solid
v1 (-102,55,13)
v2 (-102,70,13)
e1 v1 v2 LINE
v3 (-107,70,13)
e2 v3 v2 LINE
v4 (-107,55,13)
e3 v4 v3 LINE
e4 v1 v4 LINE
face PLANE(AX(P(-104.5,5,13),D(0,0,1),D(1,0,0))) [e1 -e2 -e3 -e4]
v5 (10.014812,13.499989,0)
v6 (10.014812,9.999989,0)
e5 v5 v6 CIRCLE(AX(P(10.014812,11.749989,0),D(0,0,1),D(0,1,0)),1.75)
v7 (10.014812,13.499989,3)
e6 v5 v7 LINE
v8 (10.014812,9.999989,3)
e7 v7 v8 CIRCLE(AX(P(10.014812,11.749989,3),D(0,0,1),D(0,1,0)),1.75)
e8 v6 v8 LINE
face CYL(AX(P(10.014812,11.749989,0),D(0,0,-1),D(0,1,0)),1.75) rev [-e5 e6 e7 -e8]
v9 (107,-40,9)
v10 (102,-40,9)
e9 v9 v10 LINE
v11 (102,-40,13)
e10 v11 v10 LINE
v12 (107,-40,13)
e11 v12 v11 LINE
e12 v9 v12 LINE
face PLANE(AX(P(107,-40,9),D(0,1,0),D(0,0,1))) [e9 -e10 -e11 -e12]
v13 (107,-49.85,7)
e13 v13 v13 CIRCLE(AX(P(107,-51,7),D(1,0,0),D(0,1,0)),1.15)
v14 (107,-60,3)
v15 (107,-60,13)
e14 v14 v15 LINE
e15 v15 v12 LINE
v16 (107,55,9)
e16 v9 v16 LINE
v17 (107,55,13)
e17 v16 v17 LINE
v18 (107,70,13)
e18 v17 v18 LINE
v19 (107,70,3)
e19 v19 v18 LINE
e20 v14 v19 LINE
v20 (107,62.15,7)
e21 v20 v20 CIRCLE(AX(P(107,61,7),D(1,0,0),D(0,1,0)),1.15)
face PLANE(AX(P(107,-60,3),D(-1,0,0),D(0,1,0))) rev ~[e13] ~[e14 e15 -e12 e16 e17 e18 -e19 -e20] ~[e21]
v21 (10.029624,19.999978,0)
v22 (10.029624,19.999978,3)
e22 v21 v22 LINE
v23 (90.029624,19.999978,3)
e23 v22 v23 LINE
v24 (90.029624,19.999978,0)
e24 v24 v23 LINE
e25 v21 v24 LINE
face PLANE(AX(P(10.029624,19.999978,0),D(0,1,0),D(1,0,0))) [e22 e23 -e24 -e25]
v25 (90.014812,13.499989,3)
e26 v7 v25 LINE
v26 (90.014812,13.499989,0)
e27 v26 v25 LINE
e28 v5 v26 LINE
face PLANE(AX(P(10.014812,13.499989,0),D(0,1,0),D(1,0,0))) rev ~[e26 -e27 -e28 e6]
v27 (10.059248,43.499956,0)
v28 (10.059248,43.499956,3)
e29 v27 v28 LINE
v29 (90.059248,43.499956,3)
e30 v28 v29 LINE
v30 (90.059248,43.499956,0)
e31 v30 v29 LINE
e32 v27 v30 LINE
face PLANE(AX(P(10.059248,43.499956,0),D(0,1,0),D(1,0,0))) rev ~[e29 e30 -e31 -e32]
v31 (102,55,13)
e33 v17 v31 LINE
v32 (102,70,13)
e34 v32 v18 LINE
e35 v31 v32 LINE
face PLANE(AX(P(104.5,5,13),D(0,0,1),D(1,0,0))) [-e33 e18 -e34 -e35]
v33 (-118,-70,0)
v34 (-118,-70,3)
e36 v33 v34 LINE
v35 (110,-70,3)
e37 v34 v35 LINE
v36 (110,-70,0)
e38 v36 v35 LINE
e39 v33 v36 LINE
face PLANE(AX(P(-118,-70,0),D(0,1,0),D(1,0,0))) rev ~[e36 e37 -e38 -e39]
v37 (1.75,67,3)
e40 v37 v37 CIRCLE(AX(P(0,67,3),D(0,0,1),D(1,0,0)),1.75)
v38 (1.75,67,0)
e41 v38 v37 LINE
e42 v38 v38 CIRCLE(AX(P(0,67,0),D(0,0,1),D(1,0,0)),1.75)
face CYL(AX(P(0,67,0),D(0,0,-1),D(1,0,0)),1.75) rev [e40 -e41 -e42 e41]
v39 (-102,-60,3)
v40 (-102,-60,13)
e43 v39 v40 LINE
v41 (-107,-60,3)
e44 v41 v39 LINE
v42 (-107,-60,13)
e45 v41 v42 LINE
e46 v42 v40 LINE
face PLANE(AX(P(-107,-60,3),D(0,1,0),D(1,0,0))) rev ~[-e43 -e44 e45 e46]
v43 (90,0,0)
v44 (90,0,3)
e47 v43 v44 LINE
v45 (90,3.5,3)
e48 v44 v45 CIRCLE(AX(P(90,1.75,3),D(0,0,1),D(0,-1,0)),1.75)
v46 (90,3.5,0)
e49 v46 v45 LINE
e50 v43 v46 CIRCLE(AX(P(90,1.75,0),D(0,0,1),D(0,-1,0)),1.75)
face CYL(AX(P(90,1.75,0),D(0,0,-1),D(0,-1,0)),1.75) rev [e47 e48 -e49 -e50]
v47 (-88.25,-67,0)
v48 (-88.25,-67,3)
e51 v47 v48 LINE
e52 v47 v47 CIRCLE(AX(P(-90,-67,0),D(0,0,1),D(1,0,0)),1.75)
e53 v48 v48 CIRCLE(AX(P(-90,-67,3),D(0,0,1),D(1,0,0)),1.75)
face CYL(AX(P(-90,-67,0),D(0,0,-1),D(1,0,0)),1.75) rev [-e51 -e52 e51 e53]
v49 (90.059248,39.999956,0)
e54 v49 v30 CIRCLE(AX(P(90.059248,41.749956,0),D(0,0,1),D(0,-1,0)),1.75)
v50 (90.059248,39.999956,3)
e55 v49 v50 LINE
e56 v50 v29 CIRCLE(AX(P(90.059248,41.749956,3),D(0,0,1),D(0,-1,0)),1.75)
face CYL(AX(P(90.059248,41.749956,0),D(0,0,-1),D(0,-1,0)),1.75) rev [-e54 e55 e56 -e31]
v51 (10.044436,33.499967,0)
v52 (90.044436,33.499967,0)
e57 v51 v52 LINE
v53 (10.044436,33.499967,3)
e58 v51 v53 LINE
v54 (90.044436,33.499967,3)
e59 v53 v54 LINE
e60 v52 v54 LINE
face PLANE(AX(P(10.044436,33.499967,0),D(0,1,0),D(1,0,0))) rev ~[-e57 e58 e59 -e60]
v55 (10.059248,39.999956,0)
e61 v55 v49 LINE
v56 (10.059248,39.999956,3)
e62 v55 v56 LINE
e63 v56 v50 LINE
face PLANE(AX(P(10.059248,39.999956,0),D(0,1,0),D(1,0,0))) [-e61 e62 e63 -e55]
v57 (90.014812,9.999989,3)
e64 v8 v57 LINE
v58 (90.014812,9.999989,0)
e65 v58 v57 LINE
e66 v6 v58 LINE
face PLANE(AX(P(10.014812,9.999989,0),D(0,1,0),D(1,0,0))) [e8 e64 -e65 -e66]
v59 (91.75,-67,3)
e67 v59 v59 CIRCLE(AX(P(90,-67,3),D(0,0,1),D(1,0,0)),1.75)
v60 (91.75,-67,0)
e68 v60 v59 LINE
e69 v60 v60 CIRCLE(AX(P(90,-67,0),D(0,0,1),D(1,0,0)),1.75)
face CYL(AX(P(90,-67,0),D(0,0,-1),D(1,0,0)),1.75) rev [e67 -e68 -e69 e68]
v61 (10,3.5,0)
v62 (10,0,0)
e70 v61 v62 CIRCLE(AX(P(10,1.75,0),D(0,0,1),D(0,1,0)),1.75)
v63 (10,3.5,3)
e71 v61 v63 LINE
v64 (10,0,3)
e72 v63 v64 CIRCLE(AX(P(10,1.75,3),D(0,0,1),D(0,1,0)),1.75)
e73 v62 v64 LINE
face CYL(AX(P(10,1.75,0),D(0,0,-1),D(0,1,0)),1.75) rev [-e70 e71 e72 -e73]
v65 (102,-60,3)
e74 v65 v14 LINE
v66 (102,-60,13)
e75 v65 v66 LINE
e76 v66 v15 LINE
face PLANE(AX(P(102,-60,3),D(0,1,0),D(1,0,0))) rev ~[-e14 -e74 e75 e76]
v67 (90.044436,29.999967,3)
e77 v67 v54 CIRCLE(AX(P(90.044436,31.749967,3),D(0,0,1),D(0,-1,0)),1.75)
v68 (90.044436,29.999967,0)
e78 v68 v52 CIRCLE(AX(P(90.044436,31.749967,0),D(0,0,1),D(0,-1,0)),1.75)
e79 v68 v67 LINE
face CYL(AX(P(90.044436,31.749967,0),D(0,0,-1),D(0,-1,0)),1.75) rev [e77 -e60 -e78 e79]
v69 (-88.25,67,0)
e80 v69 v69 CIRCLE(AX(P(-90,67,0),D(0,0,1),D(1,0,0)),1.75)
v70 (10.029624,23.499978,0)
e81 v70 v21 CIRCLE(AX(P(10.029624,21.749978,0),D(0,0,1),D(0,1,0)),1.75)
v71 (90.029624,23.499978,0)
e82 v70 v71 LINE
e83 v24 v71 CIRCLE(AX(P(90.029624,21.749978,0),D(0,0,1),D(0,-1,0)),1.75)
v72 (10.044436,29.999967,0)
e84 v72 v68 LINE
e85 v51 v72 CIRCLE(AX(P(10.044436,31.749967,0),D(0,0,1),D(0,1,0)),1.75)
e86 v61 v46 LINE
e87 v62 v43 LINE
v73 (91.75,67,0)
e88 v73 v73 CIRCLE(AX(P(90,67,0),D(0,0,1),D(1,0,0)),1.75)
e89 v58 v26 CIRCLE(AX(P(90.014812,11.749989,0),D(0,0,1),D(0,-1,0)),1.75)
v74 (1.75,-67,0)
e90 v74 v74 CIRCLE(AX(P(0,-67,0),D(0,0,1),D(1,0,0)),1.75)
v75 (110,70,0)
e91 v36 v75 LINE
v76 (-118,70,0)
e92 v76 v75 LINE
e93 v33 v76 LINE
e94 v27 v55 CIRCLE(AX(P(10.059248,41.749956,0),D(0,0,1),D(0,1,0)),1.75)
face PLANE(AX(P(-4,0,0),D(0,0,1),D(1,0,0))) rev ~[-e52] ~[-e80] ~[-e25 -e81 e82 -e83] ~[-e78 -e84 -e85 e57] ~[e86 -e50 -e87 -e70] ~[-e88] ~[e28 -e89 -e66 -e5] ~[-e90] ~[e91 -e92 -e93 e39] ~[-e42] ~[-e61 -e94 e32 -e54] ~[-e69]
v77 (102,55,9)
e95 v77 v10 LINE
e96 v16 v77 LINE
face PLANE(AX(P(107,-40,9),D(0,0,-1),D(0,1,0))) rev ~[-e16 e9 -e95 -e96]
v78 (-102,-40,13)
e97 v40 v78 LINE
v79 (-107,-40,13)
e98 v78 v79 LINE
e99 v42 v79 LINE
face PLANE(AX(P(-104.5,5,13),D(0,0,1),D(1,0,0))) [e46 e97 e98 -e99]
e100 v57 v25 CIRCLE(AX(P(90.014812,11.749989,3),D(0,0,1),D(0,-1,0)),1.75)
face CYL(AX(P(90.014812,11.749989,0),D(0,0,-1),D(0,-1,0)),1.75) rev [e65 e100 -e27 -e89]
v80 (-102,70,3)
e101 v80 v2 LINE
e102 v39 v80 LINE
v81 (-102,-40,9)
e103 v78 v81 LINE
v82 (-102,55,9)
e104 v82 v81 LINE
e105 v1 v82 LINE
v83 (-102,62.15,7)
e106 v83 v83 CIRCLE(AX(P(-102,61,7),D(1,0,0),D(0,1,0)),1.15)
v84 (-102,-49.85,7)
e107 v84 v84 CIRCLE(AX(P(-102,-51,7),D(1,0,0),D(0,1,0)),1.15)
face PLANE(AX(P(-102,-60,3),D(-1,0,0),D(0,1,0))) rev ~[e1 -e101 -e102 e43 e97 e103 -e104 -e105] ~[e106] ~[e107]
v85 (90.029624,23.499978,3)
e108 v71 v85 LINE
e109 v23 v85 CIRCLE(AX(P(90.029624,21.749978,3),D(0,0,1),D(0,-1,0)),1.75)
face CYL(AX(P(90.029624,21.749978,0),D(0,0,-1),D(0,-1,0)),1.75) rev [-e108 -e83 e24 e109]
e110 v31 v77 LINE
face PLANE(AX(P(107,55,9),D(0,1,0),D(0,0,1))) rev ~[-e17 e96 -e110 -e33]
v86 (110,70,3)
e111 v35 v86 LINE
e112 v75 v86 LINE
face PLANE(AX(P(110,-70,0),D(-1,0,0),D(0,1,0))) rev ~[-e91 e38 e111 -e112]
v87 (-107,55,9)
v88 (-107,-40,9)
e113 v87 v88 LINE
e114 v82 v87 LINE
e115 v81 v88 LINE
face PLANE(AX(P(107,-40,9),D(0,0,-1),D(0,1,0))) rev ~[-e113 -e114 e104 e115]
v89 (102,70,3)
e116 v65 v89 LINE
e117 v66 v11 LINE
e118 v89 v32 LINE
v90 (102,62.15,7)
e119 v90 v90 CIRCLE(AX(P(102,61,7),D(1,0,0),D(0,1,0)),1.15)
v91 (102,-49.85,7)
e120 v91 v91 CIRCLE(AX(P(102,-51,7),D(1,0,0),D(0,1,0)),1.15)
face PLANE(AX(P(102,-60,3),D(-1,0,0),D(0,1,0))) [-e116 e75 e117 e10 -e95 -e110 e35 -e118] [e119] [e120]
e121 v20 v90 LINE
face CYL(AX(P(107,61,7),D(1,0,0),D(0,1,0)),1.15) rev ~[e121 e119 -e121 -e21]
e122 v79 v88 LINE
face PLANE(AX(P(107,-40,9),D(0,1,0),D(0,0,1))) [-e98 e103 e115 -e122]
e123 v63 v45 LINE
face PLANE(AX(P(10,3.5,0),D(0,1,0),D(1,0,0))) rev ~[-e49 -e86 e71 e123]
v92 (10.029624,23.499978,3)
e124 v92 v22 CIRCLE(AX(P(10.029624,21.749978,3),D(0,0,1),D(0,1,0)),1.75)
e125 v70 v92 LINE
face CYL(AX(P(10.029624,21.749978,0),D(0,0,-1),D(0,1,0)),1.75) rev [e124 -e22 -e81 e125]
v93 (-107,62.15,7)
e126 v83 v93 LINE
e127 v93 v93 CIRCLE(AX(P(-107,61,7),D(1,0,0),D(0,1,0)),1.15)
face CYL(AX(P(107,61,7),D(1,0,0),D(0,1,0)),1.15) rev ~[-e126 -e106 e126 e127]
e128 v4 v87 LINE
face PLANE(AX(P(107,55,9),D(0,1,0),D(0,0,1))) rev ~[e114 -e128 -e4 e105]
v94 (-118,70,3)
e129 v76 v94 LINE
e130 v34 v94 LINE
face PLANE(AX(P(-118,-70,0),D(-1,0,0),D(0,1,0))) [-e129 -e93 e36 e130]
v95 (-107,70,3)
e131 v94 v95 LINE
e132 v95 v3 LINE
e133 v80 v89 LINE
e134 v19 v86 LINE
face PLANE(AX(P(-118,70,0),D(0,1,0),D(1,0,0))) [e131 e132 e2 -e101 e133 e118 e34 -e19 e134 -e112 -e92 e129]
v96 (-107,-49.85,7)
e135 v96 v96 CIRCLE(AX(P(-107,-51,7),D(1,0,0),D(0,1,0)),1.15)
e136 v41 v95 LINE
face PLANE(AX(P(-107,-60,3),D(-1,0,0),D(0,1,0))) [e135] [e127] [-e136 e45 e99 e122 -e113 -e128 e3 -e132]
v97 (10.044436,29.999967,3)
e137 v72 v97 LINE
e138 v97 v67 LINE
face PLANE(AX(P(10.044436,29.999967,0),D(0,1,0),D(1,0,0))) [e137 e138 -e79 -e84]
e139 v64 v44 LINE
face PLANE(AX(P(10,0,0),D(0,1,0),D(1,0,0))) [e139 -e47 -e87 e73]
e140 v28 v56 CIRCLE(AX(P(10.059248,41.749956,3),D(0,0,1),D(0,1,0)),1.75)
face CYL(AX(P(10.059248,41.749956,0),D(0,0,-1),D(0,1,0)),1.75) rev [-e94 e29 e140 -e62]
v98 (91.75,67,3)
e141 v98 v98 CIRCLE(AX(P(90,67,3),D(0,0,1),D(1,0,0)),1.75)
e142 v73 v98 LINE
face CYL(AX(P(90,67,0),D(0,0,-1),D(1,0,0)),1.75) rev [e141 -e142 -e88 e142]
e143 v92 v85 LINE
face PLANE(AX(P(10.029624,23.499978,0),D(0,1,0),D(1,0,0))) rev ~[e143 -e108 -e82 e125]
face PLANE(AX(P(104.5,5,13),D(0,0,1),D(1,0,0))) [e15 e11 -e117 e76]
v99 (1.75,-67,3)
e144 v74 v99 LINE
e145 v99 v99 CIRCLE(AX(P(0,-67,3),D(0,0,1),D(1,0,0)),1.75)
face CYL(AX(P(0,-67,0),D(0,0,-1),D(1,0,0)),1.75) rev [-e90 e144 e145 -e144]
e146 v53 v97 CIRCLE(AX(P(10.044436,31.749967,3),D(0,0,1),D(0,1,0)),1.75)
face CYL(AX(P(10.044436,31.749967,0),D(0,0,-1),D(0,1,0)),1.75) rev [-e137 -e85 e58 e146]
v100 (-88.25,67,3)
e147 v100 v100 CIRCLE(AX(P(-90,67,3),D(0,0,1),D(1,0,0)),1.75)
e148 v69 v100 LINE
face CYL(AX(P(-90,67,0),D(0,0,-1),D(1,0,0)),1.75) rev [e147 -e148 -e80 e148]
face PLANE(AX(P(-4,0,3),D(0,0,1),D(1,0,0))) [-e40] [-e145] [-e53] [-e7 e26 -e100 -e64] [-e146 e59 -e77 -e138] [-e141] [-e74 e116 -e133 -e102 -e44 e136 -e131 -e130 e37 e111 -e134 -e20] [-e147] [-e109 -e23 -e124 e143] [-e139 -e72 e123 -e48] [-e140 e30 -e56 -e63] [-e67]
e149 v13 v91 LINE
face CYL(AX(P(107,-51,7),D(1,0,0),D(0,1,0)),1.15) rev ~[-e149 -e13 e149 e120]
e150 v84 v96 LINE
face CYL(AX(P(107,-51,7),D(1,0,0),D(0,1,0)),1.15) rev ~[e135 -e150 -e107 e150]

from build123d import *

# Parameters (mm, degrees)
SKETCH_W     = 228
SKETCH_H     = 140
SKETCH_R     = 1.75
PAD_DEPTH    = 3
SKETCH001_W  = 5
SKETCH001_H  = 130
PAD001_DEPTH = 10
SKETCH002_R  = 1.15
SKETCH002_W  = 95
SKETCH002_H  = 4
POCKET_DEPTH = 225


with BuildPart() as part:
    # Sketch → Pad (new body)
    with BuildSketch(Plane.XY):
        with Locations((-4, 0)):
            Rectangle(SKETCH_W, SKETCH_H)
        with Locations((-90, 67)):
            Circle(SKETCH_R, mode=Mode.SUBTRACT)
        with Locations((0, 67)):
            Circle(SKETCH_R, mode=Mode.SUBTRACT)
        with Locations((90, 67)):
            Circle(SKETCH_R, mode=Mode.SUBTRACT)
        with Locations((-90, -67)):
            Circle(SKETCH_R, mode=Mode.SUBTRACT)
        with Locations((0, -67)):
            Circle(SKETCH_R, mode=Mode.SUBTRACT)
        with Locations((90, -67)):
            Circle(SKETCH_R, mode=Mode.SUBTRACT)
        with BuildLine():
            ThreePointArc((10.059248, 43.499956), (8.309248, 41.749956), (10.059248, 39.999956))
            Line((10.059248, 39.999956), (90.059248, 39.999956))
            ThreePointArc((90.059248, 39.999956), (91.809248, 41.749956), (90.059248, 43.499956))
            Line((10.059248, 43.499956), (90.059248, 43.499956))
        make_face(mode=Mode.SUBTRACT)
        with BuildLine():
            ThreePointArc((10.044436, 33.499967), (8.294436, 31.749967), (10.044436, 29.999967))
            Line((10.044436, 29.999967), (90.044436, 29.999967))
            ThreePointArc((90.044436, 29.999967), (91.794436, 31.749967), (90.044436, 33.499967))
            Line((10.044436, 33.499967), (90.044436, 33.499967))
        make_face(mode=Mode.SUBTRACT)
        with BuildLine():
            ThreePointArc((10.029624, 23.499978), (8.279624, 21.749978), (10.029624, 19.999978))
            Line((10.029624, 19.999978), (90.029624, 19.999978))
            ThreePointArc((90.029624, 19.999978), (91.779624, 21.749978), (90.029624, 23.499978))
            Line((10.029624, 23.499978), (90.029624, 23.499978))
        make_face(mode=Mode.SUBTRACT)
        with BuildLine():
            ThreePointArc((10.014812, 13.499989), (8.264812, 11.749989), (10.014812, 9.999989))
            Line((10.014812, 9.999989), (90.014812, 9.999989))
            ThreePointArc((90.014812, 9.999989), (91.764812, 11.749989), (90.014812, 13.499989))
            Line((10.014812, 13.499989), (90.014812, 13.499989))
        make_face(mode=Mode.SUBTRACT)
        with BuildLine():
            ThreePointArc((10, 3.5), (8.25, 1.75), (10, 0))
            Line((10, 0), (90, 0))
            ThreePointArc((90, 0), (91.75, 1.75), (90, 3.5))
            Line((10, 3.5), (90, 3.5))
        make_face(mode=Mode.SUBTRACT)
    extrude(amount=PAD_DEPTH)

    # Sketch001 → Pad001 (join)
    with BuildSketch(Plane.XY.offset(3)):
        with Locations((104.5, 5)):
            Rectangle(SKETCH001_W, SKETCH001_H)
        with Locations((-104.5, 5)):
            Rectangle(SKETCH001_W, SKETCH001_H)
    extrude(amount=PAD001_DEPTH)

    # Sketch002 → Pocket (cut)
    with BuildSketch(Plane.YZ.offset(107)):
        with Locations((-51, 7)):
            Circle(SKETCH002_R)
        with Locations((61, 7)):
            Circle(SKETCH002_R)
        with Locations((7.5, 11)):
            Rectangle(SKETCH002_W, SKETCH002_H)
    extrude(amount=-POCKET_DEPTH, mode=Mode.SUBTRACT)


solid = part.part
